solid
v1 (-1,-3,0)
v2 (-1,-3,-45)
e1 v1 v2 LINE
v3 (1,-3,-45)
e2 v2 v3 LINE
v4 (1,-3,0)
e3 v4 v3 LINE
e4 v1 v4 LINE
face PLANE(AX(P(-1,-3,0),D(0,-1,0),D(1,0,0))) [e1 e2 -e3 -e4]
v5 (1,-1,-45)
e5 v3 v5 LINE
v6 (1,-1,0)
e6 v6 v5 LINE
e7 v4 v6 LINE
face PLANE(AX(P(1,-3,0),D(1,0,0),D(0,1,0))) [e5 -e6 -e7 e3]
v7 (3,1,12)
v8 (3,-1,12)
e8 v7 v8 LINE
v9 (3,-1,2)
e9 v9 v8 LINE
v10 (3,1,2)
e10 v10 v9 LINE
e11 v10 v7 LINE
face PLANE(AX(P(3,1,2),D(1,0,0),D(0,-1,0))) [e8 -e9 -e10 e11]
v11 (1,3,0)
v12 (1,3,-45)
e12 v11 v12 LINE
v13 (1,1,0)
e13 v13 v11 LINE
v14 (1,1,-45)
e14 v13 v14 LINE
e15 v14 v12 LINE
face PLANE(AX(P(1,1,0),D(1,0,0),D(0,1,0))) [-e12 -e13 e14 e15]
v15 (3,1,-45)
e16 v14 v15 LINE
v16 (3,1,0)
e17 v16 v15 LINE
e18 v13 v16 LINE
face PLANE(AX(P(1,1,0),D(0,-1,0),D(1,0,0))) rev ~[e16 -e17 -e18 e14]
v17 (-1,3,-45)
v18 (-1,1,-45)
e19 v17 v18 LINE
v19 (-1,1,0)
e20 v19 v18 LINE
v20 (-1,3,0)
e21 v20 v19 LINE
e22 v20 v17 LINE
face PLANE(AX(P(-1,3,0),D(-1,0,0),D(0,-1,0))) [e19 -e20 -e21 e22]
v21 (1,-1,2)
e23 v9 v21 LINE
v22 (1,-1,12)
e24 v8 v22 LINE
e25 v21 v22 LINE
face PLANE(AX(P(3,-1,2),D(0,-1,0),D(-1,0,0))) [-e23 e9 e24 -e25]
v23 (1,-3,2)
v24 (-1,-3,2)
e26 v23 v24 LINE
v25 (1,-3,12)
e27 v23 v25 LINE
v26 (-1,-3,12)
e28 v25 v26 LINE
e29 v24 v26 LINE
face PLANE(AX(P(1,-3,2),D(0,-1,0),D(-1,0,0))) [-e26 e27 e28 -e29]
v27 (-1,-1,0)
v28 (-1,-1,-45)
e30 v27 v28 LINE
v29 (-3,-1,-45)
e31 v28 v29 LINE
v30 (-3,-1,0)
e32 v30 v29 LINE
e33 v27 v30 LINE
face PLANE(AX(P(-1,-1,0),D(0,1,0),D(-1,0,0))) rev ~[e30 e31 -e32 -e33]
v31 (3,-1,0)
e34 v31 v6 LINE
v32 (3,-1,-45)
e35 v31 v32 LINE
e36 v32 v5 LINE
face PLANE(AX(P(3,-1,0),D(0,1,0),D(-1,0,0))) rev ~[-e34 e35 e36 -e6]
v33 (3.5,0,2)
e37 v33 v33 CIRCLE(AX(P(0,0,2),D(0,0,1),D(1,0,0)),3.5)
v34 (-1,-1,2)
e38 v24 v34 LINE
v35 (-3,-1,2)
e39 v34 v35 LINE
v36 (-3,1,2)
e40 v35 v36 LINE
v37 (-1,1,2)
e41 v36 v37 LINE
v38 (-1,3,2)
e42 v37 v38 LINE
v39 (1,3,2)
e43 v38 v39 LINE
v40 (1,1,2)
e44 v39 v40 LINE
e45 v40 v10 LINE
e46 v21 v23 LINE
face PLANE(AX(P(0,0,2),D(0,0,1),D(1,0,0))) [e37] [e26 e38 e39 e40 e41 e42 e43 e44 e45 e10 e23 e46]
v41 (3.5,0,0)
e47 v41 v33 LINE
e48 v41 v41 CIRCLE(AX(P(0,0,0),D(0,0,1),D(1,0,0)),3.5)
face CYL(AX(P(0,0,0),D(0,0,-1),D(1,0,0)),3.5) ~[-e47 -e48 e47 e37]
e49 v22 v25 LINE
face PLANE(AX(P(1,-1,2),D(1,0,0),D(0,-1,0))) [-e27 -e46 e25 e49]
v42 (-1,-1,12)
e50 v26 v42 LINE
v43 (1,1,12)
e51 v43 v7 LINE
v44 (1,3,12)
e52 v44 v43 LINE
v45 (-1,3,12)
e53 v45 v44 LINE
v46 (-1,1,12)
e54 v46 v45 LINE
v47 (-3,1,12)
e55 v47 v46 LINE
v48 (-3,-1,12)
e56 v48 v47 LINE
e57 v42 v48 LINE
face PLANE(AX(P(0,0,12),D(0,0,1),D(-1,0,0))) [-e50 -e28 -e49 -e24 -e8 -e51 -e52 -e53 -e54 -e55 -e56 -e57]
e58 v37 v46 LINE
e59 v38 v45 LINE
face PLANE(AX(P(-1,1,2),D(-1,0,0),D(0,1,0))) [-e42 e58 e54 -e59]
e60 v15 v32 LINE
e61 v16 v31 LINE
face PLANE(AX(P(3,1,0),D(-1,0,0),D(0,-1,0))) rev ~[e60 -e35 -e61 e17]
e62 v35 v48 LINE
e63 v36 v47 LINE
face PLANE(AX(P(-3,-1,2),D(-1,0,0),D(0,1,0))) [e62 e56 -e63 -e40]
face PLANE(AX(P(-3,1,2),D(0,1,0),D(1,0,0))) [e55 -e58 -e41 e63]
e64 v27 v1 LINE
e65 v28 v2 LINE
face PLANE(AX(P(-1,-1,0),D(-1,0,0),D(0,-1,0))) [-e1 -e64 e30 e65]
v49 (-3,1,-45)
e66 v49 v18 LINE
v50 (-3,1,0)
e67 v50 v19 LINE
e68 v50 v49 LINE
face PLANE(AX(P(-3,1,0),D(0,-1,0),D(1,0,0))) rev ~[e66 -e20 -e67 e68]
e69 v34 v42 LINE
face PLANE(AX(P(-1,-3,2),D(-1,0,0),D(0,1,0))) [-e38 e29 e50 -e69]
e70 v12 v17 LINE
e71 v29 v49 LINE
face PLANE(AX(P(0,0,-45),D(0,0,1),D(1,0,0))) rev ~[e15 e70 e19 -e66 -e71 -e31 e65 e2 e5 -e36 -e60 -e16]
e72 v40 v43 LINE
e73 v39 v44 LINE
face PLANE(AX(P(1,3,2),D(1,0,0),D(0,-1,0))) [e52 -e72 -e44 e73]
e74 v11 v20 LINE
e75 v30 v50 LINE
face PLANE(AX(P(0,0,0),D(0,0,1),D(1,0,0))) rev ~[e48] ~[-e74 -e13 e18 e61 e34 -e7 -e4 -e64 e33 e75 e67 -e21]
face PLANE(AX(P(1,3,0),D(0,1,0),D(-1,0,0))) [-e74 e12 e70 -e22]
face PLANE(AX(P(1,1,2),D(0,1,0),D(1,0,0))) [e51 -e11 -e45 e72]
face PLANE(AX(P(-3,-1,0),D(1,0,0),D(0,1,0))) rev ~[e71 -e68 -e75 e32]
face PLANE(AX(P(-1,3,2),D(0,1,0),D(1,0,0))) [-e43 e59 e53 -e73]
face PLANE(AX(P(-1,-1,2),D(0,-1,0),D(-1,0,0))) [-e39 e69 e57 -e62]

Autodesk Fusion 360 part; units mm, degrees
sketch "Sketch1" plane through (0, 0, 0) normal (0, 0, 1) x (1, 0, 0)
  circle A0 centre (0, 0) radius 3.5
  dimension "d1" = 7
extrude "Extrude1" add sketch "Sketch1" along normal blind 2
sketch "Sketch2" plane through (0, 0, 2) normal (0, 0, 1) x (-1, 0, 0)
  circle A0 centre (0, 0) radius 3.5
  line L0 (-1, 3) -> (1, 3)
  line L1 (1, -3) -> (-1, -3)
  line L2 (-3, -1) -> (-3, 1)
  line L3 (3, 1) -> (3, -1)
  line L4 (1, 3) -> (1, 1)
  line L5 (1, -1) -> (1, -3)
  line L6 (3, -1) -> (1, -1)
  line L7 (-1, -1) -> (-3, -1)
  line L8 (-1, -3) -> (-1, -1)
  line L9 (-1, 1) -> (-1, 3)
  line L10 (-3, 1) -> (-1, 1)
  line L11 (1, 1) -> (3, 1)
  dimension "d4" = 2
  dimension "d5" = 6
  dimension "d6" = 6
  dimension "d7" = 2
extrude "Extrude2" add sketch "Sketch2" along normal blind 10 contours L0 L1 L2 L3 L4 L5 L6 L7 L8 L9 L10 L11
sketch "Sketch3" plane through (0, 0, 0) normal (0, 0, 1) x (1, 0, 0)
  line L0 (1, 3) -> (-1, 3)
  line L1 (-1, -3) -> (1, -3)
  line L2 (3, 1) -> (3, -1)
  line L3 (-3, -1) -> (-3, 1)
  line L4 (-1, 3) -> (-1, 1)
  line L5 (-1, -1) -> (-1, -3)
  line L6 (3, -1) -> (1, -1)
  line L7 (-1, -1) -> (-3, -1)
  line L8 (1, -3) -> (1, -1)
  line L9 (1, 1) -> (1, 3)
  line L10 (-3, 1) -> (-1, 1)
  line L11 (1, 1) -> (3, 1)
  dimension "d10" = 2
  dimension "d11" = 6
  dimension "d12" = 6
  dimension "d13" = 2
extrude "Extrude3" add sketch "Sketch3" against normal blind 45
